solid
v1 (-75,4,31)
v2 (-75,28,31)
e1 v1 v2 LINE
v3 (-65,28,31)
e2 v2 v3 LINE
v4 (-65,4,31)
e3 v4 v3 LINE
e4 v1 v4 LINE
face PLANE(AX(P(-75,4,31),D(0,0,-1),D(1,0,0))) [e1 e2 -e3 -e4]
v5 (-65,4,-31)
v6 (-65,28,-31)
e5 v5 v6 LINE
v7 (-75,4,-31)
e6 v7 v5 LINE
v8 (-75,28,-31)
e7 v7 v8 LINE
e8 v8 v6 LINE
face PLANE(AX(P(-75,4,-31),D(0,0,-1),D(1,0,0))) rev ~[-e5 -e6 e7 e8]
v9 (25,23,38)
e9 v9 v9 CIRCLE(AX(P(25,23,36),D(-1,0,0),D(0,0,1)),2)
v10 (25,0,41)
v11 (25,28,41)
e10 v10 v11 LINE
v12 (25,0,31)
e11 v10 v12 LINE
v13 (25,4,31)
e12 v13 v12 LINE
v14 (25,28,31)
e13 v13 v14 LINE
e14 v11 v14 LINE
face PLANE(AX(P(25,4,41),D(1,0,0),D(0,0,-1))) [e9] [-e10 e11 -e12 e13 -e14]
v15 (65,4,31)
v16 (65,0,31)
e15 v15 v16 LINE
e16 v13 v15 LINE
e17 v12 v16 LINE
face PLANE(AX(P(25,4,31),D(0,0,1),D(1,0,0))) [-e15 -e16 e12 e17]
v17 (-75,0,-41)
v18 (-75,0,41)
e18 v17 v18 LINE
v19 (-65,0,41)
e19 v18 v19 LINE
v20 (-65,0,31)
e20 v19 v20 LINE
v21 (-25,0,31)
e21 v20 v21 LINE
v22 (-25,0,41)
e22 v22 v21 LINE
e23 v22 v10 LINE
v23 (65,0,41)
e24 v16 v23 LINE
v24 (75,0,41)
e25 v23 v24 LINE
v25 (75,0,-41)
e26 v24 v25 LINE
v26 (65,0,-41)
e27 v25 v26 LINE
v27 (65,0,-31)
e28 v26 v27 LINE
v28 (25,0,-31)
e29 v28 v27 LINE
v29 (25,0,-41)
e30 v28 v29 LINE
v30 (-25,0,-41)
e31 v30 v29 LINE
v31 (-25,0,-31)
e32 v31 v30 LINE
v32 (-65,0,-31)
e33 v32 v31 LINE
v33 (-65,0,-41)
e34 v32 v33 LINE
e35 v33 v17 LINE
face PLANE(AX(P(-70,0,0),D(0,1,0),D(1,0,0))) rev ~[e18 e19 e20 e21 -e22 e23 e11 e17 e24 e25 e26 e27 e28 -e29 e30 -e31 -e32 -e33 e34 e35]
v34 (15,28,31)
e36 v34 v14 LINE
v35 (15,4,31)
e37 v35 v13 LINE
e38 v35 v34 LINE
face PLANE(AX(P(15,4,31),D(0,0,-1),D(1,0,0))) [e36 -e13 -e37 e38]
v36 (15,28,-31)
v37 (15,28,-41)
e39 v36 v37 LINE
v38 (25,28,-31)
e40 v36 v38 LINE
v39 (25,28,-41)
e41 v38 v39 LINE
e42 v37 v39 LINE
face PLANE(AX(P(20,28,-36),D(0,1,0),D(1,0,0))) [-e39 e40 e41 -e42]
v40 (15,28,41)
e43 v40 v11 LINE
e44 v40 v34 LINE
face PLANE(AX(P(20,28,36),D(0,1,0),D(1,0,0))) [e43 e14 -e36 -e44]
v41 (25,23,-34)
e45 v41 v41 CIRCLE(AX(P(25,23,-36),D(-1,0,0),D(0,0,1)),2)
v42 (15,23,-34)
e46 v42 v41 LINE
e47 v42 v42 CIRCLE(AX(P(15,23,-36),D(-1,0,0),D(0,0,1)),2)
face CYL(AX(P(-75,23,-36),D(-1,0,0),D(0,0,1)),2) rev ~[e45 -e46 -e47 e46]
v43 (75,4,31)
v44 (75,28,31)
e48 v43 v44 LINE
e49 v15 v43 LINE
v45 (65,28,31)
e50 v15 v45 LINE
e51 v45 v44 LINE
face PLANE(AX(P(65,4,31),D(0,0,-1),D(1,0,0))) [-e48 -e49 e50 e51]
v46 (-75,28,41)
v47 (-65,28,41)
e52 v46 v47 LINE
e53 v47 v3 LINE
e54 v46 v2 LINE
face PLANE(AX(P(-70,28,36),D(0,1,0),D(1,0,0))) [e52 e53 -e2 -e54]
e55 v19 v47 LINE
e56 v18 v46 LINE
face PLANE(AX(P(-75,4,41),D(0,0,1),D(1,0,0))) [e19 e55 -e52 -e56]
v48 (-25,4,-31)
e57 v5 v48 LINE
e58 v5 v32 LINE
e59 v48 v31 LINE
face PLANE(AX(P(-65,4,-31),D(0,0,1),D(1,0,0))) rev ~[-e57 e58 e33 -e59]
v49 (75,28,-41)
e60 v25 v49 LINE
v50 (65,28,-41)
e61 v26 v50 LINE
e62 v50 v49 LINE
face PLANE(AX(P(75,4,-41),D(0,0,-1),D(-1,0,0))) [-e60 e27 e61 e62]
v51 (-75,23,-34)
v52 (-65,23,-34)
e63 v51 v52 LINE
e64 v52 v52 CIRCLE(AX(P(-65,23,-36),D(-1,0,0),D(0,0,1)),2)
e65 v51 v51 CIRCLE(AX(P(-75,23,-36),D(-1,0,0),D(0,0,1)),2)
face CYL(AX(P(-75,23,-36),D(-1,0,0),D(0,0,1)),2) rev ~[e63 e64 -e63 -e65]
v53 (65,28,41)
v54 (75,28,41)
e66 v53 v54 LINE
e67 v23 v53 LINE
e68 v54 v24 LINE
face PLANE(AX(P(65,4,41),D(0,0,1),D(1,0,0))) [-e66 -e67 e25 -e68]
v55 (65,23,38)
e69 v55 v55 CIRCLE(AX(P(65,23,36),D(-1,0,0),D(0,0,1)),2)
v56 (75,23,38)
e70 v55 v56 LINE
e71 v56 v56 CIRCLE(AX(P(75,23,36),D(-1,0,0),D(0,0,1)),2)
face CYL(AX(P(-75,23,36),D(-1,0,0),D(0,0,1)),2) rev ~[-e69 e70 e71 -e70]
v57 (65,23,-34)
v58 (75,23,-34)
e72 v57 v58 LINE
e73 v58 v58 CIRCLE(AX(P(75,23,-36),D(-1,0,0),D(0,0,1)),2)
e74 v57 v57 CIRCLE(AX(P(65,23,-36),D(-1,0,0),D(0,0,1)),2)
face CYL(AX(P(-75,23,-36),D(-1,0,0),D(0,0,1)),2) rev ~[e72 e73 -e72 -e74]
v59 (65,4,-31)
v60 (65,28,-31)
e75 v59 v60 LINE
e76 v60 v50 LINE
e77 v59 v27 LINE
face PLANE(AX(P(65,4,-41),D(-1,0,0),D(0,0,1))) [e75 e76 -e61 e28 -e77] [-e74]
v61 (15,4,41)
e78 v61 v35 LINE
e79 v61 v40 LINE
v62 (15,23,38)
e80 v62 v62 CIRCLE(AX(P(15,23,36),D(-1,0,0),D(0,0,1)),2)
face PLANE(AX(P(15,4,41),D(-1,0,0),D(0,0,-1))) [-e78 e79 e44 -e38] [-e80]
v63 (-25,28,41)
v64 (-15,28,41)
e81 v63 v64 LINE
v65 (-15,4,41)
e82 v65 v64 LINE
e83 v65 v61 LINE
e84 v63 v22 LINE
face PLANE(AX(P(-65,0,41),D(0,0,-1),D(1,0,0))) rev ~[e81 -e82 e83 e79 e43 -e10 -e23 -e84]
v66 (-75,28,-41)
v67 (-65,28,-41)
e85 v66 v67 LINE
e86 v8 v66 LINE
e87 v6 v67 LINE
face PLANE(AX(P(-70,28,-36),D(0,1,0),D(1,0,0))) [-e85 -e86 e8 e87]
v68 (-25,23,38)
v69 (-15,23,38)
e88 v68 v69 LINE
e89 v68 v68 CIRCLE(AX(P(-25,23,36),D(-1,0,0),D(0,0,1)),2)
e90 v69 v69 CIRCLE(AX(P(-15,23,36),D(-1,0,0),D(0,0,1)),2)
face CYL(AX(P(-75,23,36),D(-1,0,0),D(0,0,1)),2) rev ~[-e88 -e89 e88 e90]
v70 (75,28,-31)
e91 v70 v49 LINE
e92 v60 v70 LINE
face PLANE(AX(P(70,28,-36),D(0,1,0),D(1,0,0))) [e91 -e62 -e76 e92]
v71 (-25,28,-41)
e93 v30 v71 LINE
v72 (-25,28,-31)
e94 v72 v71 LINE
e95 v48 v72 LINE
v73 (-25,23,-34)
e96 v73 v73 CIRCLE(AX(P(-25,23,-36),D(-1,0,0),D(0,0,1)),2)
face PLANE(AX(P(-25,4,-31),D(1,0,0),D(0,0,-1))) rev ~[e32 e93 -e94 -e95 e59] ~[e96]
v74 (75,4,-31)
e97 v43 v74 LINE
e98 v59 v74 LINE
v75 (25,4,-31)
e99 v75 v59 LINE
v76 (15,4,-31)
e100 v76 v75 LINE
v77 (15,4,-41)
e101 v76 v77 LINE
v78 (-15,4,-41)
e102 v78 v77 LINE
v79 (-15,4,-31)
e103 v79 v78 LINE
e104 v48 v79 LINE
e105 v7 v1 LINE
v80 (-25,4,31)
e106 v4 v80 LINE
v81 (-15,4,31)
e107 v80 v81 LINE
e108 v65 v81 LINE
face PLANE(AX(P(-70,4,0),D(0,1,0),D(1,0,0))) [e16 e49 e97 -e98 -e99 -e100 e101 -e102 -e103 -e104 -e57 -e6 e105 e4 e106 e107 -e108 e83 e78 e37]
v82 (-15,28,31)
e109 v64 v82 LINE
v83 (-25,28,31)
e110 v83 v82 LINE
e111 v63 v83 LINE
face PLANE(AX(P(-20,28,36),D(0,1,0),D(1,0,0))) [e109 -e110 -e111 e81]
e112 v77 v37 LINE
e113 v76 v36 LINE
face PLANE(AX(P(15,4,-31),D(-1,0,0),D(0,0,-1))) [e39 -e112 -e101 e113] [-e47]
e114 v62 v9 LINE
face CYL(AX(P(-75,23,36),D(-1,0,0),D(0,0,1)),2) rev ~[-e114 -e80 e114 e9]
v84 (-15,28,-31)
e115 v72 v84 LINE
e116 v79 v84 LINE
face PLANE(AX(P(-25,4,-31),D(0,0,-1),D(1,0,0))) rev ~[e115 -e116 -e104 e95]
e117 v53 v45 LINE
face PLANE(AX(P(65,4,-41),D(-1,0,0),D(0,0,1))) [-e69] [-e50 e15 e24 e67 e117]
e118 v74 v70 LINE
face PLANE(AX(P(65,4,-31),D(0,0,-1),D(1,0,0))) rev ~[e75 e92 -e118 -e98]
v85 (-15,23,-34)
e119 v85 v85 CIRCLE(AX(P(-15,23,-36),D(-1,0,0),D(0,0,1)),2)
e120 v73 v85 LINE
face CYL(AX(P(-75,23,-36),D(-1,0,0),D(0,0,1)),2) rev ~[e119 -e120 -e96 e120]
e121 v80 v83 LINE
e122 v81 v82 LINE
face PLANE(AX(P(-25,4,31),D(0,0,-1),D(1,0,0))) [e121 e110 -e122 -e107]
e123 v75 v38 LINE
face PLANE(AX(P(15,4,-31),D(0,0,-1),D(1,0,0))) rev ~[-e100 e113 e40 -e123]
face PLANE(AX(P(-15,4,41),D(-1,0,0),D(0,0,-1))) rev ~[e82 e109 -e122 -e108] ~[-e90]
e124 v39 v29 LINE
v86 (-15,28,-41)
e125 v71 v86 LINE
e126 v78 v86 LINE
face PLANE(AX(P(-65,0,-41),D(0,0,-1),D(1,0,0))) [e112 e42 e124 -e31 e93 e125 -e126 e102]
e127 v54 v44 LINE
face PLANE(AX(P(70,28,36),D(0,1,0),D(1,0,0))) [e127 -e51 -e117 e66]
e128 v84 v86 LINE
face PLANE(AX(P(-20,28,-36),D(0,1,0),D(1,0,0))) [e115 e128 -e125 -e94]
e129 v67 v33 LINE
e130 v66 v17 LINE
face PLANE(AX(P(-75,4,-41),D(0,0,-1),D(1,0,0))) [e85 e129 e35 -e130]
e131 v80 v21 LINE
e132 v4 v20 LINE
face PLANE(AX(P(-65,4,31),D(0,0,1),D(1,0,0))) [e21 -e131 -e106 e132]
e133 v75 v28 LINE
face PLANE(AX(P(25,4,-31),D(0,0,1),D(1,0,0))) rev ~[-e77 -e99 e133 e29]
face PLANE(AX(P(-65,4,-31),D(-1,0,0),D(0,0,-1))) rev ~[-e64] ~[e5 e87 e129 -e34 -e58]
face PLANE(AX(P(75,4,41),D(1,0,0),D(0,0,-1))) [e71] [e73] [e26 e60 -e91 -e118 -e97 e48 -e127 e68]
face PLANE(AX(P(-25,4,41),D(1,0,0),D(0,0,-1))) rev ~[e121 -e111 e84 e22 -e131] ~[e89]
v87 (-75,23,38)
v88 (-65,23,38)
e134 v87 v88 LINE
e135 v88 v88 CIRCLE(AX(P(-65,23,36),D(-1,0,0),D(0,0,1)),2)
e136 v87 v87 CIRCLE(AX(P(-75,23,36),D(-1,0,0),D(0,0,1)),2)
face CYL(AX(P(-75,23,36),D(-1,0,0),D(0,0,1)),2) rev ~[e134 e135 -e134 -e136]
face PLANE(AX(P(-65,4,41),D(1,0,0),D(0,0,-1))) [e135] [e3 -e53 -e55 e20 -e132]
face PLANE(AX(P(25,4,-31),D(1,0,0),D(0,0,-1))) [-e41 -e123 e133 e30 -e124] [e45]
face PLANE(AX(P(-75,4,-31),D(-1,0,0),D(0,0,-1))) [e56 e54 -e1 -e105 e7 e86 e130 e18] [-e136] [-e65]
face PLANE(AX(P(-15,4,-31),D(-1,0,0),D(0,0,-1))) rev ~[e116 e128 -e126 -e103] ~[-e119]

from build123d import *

# Parameters (mm, degrees)
SKETCH1_W           = 130
SKETCH1_H           = 82
BOSS_EXTRUDE1_DEPTH = 4
SKETCH2_W           = 40
SKETCH2_H           = 10
CUT_EXTRUDE1_DEPTH  = 24
BOSS_EXTRUDE2_DEPTH = 4
SKETCH4_W           = 10
SKETCH4_H           = 10
BOSS_EXTRUDE3_DEPTH = 24
SKETCH5_R           = 2
CUT_EXTRUDE2_DEPTH  = 151


with BuildPart() as part:
    # Sketch1 → Boss-Extrude1 (new body)
    with BuildSketch(Plane(origin=(0, 0, 0), x_dir=(1, 0, 0), z_dir=(0, 1, 0))):
        Rectangle(SKETCH1_W, SKETCH1_H)
    extrude(amount=BOSS_EXTRUDE1_DEPTH)

    # Sketch2 → Cut-Extrude1 (cut)
    with BuildSketch(Plane(origin=(0, 4, 0), x_dir=(1, 0, 0), z_dir=(0, 1, 0))):
        with Locations((-45, 36)):
            Rectangle(SKETCH2_W, SKETCH2_H)
        with Locations((45, 36)):
            Rectangle(SKETCH2_W, SKETCH2_H)
        with Locations((45, -36)):
            Rectangle(SKETCH2_W, SKETCH2_H)
        with Locations((-45, -36)):
            Rectangle(SKETCH2_W, SKETCH2_H)
    extrude(amount=-CUT_EXTRUDE1_DEPTH, mode=Mode.SUBTRACT)

    # Sketch3 → Boss-Extrude2 (add)
    with BuildSketch(Plane(origin=(0, 4, 0), x_dir=(1, 0, 0), z_dir=(0, 1, 0))):
        Polygon((-65, -31), (-65, 31), (-65, 41), (-75, 41), (-75, -41), (-65, -41), align=None)
        Polygon((75, 41), (65, 41), (65, 31), (65, -31), (65, -41), (75, -41), align=None)
    extrude(amount=-BOSS_EXTRUDE2_DEPTH)

    # Sketch4 → Boss-Extrude3 (add)
    with BuildSketch(Plane(origin=(0, 4, 0), x_dir=(1, 0, 0), z_dir=(0, 1, 0))):
        with Locations((-70, 36)):
            Rectangle(SKETCH4_W, SKETCH4_H)
        with Locations((-20, 36)):
            Rectangle(SKETCH4_W, SKETCH4_H)
        with Locations((20, 36)):
            Rectangle(SKETCH4_W, SKETCH4_H)
        with Locations((70, 36)):
            Rectangle(SKETCH4_W, SKETCH4_H)
        with Locations((70, -36)):
            Rectangle(SKETCH4_W, SKETCH4_H)
        with Locations((20, -36)):
            Rectangle(SKETCH4_W, SKETCH4_H)
        with Locations((-20, -36)):
            Rectangle(SKETCH4_W, SKETCH4_H)
        with Locations((-70, -36)):
            Rectangle(SKETCH4_W, SKETCH4_H)
    extrude(amount=BOSS_EXTRUDE3_DEPTH)

    # Sketch5 → Cut-Extrude2 (cut, through all)
    with BuildSketch(Plane.ZY.offset(75)):
        with Locations((-36, 23)):
            Circle(SKETCH5_R)
        with Locations((36, 23)):
            Circle(SKETCH5_R)
    extrude(amount=-CUT_EXTRUDE2_DEPTH, mode=Mode.SUBTRACT)


solid = part.part
